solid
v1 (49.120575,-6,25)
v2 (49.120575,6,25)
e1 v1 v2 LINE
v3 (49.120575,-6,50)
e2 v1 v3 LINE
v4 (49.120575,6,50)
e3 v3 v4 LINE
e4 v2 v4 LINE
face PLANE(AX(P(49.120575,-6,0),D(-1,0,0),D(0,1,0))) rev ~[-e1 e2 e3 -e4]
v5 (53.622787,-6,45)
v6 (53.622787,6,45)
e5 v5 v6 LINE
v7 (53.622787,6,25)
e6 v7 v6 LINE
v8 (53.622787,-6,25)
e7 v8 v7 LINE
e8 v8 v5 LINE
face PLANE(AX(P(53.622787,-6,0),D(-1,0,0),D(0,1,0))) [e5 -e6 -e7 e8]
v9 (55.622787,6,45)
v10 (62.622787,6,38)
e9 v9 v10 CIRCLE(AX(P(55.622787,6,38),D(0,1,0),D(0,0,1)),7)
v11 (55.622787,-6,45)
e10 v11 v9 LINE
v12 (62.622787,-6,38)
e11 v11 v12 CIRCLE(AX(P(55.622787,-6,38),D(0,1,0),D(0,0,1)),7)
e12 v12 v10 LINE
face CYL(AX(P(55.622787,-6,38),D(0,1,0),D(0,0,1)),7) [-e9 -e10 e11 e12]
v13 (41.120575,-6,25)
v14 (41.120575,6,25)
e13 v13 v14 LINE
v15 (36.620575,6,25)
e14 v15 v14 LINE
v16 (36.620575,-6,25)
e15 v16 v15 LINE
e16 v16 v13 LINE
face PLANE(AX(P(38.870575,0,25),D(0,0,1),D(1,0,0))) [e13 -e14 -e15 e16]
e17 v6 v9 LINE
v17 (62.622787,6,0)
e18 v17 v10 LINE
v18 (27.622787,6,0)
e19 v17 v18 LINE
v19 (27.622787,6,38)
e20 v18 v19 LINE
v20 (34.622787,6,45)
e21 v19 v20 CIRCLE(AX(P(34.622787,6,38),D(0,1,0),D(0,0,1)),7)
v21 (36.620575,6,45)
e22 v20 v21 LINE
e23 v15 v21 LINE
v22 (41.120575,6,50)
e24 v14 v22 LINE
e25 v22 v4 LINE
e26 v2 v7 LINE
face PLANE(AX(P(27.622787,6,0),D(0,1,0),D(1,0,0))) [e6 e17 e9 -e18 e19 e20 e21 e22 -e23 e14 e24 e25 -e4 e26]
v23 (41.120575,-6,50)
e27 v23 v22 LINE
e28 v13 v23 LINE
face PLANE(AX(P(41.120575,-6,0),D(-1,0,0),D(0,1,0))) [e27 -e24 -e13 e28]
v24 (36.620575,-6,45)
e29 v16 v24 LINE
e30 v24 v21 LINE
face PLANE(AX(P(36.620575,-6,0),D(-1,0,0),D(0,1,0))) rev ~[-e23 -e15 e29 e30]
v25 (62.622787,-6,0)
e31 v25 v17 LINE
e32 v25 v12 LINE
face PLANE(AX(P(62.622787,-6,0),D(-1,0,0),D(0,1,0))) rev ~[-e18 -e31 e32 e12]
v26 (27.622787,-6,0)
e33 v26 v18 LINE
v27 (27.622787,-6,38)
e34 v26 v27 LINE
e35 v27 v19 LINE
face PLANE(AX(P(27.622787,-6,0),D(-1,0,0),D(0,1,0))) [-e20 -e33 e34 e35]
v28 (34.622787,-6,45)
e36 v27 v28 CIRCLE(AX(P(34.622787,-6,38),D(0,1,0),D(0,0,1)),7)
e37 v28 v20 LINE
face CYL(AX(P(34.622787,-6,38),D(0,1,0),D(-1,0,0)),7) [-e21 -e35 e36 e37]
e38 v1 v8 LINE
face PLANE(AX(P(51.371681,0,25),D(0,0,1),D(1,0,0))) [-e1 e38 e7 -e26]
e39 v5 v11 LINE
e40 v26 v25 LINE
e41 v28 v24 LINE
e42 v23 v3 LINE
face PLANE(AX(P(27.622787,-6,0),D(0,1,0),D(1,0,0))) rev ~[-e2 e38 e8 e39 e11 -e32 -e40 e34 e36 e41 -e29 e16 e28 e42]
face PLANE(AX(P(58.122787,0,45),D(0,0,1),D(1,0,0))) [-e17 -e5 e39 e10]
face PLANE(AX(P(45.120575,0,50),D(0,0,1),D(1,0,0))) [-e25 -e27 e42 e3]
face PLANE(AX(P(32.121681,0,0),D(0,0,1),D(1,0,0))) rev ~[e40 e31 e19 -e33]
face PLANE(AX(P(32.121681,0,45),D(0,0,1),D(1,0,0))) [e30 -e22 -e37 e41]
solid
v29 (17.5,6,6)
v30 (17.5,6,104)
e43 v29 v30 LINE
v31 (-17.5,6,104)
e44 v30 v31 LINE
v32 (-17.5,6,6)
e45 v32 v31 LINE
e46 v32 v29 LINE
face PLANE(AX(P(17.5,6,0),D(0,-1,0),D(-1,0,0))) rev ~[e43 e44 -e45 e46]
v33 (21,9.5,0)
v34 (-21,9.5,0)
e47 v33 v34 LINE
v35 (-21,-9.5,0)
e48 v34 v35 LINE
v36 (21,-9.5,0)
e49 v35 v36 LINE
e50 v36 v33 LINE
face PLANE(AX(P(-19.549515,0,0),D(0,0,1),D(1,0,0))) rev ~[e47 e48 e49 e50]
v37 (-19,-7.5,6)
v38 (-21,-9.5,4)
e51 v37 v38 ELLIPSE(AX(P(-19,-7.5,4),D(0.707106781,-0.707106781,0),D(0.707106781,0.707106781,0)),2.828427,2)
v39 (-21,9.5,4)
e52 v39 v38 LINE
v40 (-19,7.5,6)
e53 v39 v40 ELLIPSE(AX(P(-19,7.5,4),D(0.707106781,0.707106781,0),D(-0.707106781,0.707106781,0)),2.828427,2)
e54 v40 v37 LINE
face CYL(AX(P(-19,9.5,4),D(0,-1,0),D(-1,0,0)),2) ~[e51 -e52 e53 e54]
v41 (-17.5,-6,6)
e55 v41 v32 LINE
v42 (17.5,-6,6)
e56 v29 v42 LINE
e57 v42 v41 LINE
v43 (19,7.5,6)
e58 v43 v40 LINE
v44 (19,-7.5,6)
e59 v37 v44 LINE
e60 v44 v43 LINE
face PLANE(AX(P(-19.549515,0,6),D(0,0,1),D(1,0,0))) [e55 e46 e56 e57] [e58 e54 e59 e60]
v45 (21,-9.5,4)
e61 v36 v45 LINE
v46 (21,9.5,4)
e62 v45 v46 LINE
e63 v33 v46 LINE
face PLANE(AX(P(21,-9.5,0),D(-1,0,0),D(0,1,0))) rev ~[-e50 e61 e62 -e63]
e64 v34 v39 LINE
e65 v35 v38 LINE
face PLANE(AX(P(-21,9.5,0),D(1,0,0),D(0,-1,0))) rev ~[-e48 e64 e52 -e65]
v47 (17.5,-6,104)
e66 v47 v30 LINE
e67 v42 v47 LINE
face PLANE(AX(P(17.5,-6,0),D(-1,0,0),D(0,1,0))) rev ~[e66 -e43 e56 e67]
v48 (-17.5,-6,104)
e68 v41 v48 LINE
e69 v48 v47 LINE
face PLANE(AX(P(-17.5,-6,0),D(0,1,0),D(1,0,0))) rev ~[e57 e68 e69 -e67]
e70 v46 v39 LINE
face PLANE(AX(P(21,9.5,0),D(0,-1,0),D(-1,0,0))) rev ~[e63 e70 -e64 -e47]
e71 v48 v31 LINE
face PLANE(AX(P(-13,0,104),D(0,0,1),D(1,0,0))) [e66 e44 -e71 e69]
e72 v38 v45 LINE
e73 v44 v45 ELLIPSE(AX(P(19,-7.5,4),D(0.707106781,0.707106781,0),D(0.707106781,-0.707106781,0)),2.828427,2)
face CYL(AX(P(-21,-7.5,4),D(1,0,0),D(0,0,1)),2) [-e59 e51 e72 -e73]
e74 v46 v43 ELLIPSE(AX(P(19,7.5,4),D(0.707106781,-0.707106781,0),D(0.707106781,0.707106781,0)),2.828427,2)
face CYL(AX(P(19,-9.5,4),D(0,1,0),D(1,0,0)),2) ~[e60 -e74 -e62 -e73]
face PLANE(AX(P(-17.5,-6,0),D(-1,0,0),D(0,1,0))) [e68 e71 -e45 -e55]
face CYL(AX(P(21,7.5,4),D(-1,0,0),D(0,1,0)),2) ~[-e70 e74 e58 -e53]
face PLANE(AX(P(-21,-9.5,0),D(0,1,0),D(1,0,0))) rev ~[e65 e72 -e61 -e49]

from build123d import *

# Parameters (mm, degrees)
F0_W     = 9
F0_H     = 12
F0_W_2   = 4.5
F0_W_3   = 8
F1_DEPTH = 104
F2_DEPTH = 6
F3_R     = 2
F4_DEPTH = 50
F0_W_4   = 4.502212
F5_DEPTH = 25
F0_W_5   = 8.997788
F6_DEPTH = 45
F7_R     = 7


with BuildPart() as f1:
    # F0 (on Top) → F1 (new body)
    with BuildSketch(Plane.XY):
        with Locations((-13, 0)):
            Rectangle(F0_W, F0_H)
        with Locations((13, 0)):
            Rectangle(F0_W, F0_H)
        with Locations((-6.25, 0)):
            Rectangle(F0_W_2, F0_H)
        Rectangle(F0_W_3, F0_H)
        with Locations((6.25, 0)):
            Rectangle(F0_W_2, F0_H)
    extrude(amount=F1_DEPTH)

    # F0 (on Top) → F2 (join)
    with BuildSketch(Plane.XY):
        Polygon((-17.5, -6), (-17.5, 6), (-21, 9.5), (-21, -9.5), align=None)
        Polygon((-8.5, -6), (-17.5, -6), (-21, -9.5), (21, -9.5), (17.5, -6), (8.5, -6), (4, -6), (-4, -6), align=None)
        Polygon((-21, 9.5), (-17.5, 6), (-8.5, 6), (-4, 6), (4, 6), (8.5, 6), (17.5, 6), (21, 9.5), align=None)
        Polygon((21, -9.5), (21, 9.5), (17.5, 6), (17.5, -6), align=None)
    extrude(amount=F2_DEPTH)

    # F3
    f3_edges = [f1.edges().sort_by_distance(p)[0] for p in [
        (0, -9.5, 6),
        (21, 0, 6),
        (0, 9.5, 6),
        (-21, 0, 6),
    ]]
    fillet(f3_edges, radius=F3_R)


with BuildPart() as f4:
    # F0 (on Top) → F4 (new body)
    with BuildSketch(Plane.XY):
        with Locations((45.120575, 0)):
            Rectangle(F0_W_3, F0_H)
    extrude(amount=F4_DEPTH)

    # F0 (on Top) → F5 (join)
    with BuildSketch(Plane.XY):
        with Locations((38.870575, 0)):
            Rectangle(F0_W_2, F0_H)
        with Locations((51.371681, 0)):
            Rectangle(F0_W_4, F0_H)
    extrude(amount=F5_DEPTH)

    # F0 (on Top) → F6 (join)
    with BuildSketch(Plane.XY):
        with Locations((32.121681, 0)):
            Rectangle(F0_W_5, F0_H)
        with Locations((58.122787, 0)):
            Rectangle(F0_W, F0_H)
    extrude(amount=F6_DEPTH)

    # F7
    f7_edges = [f4.edges().sort_by_distance(p)[0] for p in [
        (27.622787, 0, 45),
        (62.622787, 0, 45),
    ]]
    fillet(f7_edges, radius=F7_R)


solid = Compound([f1.part, f4.part])
